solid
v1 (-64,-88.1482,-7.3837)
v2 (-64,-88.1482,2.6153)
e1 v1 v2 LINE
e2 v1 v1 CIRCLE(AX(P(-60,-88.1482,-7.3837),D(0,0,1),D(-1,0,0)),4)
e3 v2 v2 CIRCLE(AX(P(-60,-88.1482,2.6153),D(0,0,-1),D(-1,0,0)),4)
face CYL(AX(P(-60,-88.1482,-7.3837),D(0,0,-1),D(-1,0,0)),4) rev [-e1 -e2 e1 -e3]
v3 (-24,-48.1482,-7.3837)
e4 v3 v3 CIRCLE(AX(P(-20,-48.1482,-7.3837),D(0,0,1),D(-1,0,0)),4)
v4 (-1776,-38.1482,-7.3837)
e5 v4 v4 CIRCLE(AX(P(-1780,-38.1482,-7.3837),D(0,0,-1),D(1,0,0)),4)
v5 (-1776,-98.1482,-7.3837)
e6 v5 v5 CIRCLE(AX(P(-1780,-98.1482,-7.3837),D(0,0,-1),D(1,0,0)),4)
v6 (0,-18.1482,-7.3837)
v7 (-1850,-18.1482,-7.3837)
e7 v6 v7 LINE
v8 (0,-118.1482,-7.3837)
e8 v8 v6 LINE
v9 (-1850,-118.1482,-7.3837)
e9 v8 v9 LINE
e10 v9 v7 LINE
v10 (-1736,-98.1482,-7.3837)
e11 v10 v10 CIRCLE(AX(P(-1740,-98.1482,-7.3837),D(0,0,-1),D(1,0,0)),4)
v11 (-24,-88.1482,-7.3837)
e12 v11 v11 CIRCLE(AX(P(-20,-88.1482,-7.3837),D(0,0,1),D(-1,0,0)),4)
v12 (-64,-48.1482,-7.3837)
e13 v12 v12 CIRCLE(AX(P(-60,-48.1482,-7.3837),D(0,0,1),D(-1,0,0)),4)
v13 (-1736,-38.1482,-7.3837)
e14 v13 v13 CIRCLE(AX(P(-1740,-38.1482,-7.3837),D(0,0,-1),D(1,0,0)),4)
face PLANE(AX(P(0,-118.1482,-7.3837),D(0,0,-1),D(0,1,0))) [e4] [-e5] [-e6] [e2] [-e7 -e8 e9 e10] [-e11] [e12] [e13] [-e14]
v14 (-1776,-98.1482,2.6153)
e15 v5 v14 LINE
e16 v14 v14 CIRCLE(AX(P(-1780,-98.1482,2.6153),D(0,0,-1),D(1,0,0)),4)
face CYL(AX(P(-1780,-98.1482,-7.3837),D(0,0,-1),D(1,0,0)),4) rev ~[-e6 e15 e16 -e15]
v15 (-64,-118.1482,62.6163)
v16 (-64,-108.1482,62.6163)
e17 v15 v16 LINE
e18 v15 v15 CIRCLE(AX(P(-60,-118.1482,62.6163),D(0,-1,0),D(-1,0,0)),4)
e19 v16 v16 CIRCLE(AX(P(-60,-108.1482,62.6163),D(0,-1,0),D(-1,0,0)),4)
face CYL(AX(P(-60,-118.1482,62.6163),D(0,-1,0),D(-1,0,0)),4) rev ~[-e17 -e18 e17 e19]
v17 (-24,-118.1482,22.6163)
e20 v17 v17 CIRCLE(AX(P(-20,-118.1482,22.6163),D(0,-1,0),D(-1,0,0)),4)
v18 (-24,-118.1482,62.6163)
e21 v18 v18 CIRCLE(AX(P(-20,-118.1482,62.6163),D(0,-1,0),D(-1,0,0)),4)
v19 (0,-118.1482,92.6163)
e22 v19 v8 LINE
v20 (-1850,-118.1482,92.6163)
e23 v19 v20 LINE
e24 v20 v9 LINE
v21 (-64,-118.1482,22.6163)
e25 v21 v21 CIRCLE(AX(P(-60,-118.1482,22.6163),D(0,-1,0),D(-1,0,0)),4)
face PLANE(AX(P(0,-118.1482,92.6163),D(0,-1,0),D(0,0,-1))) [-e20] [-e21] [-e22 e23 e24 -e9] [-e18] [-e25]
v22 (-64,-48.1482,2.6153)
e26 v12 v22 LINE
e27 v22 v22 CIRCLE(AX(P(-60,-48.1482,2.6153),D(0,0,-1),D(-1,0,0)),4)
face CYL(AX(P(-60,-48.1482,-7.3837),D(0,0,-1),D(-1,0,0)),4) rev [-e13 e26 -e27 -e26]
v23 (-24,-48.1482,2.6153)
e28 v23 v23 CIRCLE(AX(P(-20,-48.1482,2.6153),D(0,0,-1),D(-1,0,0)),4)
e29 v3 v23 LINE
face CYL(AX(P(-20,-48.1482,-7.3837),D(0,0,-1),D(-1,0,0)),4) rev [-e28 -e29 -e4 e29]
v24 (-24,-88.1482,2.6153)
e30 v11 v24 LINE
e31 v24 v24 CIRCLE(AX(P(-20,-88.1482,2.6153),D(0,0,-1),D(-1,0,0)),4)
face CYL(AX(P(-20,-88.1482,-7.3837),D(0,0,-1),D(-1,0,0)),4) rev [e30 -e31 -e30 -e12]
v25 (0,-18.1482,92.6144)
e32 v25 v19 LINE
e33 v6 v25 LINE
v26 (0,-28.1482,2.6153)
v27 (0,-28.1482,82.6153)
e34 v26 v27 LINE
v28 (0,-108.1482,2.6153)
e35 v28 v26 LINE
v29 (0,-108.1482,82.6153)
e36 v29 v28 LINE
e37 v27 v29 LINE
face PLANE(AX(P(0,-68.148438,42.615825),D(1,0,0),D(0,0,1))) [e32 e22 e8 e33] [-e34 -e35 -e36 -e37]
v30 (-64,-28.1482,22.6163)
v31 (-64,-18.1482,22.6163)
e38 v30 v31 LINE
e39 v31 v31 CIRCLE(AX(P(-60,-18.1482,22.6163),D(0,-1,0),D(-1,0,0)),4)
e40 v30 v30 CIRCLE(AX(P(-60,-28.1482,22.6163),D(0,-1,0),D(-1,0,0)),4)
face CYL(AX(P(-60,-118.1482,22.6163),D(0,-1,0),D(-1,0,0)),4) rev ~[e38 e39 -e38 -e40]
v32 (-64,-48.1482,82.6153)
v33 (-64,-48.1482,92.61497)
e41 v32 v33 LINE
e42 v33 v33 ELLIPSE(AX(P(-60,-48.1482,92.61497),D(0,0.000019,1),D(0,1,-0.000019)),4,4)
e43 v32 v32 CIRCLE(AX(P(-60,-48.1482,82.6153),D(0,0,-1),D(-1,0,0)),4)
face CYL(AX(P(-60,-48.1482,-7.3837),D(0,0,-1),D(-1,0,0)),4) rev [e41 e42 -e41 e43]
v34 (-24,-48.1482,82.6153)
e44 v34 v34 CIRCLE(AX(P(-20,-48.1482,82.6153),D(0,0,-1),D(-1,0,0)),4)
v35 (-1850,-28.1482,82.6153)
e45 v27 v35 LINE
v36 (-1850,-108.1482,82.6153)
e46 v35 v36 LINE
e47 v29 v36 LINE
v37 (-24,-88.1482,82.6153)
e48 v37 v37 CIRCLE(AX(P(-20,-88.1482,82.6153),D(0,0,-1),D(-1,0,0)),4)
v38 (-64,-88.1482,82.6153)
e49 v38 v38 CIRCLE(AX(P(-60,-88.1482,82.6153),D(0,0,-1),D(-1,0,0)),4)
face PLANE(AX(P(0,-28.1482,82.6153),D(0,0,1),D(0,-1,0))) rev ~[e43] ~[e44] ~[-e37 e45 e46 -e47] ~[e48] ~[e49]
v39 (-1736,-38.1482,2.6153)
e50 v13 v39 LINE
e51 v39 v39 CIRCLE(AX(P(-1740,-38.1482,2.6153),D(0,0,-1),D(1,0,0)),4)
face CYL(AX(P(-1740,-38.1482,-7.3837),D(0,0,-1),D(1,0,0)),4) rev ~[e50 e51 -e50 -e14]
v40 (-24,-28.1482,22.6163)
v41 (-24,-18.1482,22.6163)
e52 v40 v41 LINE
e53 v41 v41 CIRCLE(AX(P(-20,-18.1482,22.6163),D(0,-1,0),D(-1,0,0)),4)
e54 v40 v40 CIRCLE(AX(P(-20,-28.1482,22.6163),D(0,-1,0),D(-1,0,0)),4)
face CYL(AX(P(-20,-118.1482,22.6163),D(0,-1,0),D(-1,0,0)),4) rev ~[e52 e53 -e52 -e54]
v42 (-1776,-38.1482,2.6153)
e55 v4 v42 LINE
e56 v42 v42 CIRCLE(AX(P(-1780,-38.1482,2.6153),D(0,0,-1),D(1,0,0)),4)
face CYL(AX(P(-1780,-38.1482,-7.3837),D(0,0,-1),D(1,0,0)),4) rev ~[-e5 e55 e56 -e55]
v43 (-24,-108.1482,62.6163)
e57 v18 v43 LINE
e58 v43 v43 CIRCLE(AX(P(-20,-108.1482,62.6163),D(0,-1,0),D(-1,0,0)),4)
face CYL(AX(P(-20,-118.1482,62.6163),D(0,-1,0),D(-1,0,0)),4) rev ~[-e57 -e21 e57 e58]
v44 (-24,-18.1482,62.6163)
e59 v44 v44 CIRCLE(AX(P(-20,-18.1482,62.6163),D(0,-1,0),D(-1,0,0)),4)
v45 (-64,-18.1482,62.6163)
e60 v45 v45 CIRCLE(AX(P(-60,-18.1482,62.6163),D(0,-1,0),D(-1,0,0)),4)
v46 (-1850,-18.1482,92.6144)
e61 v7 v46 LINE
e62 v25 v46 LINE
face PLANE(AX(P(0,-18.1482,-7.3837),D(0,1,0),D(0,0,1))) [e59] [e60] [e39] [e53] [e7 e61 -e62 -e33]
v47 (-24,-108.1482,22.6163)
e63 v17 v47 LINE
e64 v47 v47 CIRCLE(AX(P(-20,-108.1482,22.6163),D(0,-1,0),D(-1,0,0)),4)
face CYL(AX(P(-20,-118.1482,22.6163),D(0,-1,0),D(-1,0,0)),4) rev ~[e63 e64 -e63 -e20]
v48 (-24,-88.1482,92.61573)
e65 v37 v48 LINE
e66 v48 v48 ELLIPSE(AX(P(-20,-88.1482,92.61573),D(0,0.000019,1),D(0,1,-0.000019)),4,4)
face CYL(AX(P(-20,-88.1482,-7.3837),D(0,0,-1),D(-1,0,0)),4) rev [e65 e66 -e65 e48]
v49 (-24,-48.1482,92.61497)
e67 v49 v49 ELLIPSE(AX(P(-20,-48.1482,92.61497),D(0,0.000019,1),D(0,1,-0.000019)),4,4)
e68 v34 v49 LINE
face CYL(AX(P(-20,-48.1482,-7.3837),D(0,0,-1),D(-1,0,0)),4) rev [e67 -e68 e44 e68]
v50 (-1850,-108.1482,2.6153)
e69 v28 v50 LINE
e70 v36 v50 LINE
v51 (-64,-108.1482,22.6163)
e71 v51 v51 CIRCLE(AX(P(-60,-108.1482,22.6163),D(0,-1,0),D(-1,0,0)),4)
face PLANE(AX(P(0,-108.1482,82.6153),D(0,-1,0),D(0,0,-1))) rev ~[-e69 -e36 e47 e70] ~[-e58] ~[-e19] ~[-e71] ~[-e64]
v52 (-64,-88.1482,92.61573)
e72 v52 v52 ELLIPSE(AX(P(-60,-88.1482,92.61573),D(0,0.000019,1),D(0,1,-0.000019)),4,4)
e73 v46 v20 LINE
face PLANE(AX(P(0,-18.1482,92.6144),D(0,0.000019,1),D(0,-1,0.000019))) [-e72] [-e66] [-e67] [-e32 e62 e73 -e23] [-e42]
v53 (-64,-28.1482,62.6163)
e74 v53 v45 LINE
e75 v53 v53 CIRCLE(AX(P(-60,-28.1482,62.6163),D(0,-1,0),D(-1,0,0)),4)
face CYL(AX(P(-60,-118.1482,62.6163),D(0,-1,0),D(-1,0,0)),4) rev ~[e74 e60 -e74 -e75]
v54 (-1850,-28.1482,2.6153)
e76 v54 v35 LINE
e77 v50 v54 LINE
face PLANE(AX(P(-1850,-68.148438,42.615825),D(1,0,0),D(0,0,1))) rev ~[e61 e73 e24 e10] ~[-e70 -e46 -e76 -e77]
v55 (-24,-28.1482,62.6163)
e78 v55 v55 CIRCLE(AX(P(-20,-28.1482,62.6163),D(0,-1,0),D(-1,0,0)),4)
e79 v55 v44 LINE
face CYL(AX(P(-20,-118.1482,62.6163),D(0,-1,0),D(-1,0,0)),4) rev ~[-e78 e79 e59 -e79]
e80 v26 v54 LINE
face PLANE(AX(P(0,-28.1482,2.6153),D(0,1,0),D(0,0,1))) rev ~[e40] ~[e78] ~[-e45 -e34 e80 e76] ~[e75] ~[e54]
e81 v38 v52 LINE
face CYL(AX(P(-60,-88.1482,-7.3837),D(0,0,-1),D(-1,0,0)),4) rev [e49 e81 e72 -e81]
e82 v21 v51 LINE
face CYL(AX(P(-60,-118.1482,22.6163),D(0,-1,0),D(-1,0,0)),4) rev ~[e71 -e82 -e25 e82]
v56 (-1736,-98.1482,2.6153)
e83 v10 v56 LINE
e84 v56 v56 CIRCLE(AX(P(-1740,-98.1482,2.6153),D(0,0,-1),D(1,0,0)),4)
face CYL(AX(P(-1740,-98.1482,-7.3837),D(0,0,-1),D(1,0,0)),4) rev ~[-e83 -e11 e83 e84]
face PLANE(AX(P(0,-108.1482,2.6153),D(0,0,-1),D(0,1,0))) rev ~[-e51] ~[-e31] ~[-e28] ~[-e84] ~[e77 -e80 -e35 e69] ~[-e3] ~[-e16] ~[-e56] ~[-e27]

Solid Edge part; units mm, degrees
sketch "Sketch1" plane through (0, 0, 0) normal (1, 0, 0) x (0, 1, 0)
  line L0 (-108.1482, 2.6153) -> (-28.1482, 2.6153)
  line L1 (-28.1482, 2.6153) -> (-28.1482, 82.6153)
  line L2 (-28.1482, 82.6153) -> (-108.1482, 82.6153)
  line L3 (-108.1482, 82.6153) -> (-108.1482, 2.6153)
  line L4 (-118.1482, -7.3837) -> (-18.1482, -7.3837)
  line L5 (-18.1482, -7.3837) -> (-18.1482, 92.6144)
  line L6 (-18.1482, 92.6144) -> (-118.1482, 92.6163)
  line L7 (-118.1482, 92.6163) -> (-118.1482, -7.3837)
  dimension "D1" = 100
  dimension "D2" = 100
  dimension "D3" = 80
  dimension "D4" = 80
extrude "Protrusion1" add sketch "Sketch1" against normal blind 1850
sketch "Sketch2" plane through (-925, -118.1482, 42.6163) normal (0, -1, 0) x (-1, 0, 0)
  circle A0 centre (-905, -20) radius 4
  circle A1 centre (-865, 20) radius 4
  circle A2 centre (-865, -20) radius 4
  circle A3 centre (-905, 20) radius 4
  dimension "D1" = 8
  dimension "D2" = 8
  dimension "D3" = 8
  dimension "D4" = 8
  dimension "D5" = 20
  dimension "D6" = 40
  dimension "D7" = 20
  dimension "D8" = 20
extrude "Cutout1" cut sketch "Sketch2" against normal through all
mirror "Mirror1" about plane through (-925, -153.5035, -42.739) normal (0, 0.7071, -0.7071) of "Cutout1"
sketch "Sketch3" plane through (-925, -68.1482, -7.3837) normal (0, 0, -1) x (1, 0, 0)
  circle A0 centre (-855, -30) radius 4
  circle A1 centre (-815, 30) radius 4
  circle A2 centre (-815, -30) radius 4
  circle A3 centre (-855, 30) radius 4
  dimension "D1" = 8
  dimension "D2" = 8
  dimension "D3" = 8
  dimension "D4" = 8
  dimension "D5" = 60
  dimension "D6" = 30
  dimension "D7" = 70
  dimension "D8" = 40
extrude "Cutout3" cut sketch "Sketch3" against normal blind 46.6265
properties material "Aluminum, 6061-T6"
